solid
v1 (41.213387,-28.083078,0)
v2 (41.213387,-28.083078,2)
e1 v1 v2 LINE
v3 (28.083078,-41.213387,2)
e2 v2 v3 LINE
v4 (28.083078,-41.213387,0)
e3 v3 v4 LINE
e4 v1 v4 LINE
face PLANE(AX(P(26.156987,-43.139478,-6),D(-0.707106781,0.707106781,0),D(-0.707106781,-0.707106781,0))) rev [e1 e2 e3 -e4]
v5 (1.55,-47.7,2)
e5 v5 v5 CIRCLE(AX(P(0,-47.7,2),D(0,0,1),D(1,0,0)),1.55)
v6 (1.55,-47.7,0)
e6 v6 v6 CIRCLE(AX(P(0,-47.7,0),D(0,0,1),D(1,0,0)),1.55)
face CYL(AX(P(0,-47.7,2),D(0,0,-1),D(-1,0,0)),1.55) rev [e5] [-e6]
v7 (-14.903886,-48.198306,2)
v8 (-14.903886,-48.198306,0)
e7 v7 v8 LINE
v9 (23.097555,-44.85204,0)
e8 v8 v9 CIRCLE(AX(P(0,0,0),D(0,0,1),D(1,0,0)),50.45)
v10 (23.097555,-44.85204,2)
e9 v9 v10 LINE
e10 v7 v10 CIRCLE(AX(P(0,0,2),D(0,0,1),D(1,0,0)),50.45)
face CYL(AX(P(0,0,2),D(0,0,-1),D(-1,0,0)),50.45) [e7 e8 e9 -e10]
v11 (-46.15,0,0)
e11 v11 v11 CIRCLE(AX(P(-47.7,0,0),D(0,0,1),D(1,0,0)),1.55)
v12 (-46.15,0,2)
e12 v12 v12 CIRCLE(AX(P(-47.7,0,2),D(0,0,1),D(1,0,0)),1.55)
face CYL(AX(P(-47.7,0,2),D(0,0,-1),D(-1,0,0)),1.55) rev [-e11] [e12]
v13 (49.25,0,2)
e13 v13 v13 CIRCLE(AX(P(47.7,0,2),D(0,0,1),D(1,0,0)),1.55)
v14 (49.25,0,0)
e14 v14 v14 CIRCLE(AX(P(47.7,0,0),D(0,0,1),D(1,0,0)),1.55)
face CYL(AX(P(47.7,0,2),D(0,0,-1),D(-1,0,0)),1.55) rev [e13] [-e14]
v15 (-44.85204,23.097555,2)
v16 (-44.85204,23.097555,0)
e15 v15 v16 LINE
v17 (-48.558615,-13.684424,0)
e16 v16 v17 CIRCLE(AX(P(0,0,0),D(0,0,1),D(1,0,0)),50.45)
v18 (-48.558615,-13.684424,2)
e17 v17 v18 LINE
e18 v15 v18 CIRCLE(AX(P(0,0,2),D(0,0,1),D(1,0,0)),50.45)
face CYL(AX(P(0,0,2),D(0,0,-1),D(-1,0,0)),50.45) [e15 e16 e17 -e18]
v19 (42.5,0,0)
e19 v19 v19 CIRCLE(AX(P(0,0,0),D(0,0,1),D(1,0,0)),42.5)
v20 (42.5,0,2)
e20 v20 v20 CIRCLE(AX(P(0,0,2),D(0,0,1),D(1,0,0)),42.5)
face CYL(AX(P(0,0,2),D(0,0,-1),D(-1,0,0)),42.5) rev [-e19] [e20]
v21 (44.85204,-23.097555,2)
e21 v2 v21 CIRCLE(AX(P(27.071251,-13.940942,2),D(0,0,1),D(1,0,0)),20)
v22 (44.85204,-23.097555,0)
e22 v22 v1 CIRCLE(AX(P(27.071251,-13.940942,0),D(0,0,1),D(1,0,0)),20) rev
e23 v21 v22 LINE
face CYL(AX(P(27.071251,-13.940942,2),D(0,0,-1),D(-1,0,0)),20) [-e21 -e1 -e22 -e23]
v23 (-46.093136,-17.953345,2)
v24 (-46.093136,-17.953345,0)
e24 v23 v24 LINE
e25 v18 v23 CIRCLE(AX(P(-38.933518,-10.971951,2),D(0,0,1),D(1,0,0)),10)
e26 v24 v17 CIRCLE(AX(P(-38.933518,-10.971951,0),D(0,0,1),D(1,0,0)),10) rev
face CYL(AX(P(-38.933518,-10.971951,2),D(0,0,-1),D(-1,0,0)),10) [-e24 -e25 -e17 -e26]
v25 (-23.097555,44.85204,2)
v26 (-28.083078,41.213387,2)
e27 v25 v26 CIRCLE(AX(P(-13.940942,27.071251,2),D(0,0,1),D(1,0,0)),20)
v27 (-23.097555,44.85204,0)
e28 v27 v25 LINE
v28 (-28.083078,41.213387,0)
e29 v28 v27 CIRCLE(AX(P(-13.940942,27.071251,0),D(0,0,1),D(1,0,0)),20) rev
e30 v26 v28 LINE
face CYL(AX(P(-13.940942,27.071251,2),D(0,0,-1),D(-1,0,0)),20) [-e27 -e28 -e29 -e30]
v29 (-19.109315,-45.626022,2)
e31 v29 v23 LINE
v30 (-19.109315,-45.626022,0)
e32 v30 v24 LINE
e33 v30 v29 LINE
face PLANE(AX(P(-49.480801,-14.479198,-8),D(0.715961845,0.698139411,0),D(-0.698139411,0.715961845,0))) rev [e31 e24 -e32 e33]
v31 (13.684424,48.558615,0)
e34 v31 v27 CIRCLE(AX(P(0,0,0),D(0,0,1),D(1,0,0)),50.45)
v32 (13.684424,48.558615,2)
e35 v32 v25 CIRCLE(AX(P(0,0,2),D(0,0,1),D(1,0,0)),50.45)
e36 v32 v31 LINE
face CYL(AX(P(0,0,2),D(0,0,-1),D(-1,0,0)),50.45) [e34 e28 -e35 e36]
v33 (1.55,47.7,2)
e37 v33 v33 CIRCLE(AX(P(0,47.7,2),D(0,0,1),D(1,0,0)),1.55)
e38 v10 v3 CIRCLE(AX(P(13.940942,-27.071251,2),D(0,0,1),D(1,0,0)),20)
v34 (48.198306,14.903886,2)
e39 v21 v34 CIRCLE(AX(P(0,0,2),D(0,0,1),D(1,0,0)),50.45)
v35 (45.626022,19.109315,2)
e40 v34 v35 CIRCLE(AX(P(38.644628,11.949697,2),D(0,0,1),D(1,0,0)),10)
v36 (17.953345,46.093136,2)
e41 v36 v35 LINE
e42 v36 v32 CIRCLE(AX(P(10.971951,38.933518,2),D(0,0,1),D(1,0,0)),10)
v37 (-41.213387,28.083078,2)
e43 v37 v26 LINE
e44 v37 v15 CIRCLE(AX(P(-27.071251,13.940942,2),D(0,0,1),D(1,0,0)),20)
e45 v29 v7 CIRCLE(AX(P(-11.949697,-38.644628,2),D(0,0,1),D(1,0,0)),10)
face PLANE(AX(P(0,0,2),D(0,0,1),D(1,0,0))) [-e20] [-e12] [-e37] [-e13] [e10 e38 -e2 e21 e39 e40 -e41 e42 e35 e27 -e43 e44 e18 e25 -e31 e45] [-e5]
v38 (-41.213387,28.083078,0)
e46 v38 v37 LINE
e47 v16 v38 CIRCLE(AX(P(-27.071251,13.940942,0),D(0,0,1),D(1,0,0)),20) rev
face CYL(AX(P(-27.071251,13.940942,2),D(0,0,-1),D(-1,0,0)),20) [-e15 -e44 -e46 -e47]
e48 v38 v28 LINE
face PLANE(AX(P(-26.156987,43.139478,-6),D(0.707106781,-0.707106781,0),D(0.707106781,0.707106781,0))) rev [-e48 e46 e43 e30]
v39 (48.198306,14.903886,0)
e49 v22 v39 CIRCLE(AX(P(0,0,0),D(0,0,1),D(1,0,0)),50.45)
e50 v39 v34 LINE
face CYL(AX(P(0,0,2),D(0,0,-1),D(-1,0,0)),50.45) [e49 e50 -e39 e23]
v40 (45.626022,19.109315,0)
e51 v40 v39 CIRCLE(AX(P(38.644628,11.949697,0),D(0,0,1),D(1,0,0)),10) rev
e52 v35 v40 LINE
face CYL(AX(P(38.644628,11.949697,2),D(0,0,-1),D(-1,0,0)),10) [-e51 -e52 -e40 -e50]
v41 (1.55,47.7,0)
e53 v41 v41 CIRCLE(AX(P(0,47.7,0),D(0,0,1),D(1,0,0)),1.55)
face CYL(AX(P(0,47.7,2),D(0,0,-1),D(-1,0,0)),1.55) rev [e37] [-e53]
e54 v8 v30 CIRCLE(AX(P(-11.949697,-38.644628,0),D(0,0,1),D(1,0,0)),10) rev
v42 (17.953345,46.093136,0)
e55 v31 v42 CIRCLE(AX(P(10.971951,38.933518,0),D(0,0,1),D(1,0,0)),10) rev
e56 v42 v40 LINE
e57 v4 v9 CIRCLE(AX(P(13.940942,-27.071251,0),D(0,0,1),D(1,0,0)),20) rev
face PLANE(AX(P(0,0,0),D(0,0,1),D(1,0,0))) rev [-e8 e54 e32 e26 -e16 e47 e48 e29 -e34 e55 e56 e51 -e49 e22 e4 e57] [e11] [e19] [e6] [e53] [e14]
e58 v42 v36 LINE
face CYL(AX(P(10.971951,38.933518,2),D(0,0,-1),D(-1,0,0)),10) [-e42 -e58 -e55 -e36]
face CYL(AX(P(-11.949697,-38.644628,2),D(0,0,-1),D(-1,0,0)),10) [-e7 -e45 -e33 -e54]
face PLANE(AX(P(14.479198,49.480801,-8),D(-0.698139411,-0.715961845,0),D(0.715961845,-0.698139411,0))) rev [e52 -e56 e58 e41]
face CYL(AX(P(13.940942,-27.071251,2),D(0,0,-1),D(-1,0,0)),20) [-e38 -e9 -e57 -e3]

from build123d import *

# Parameters (mm, degrees)
SKETCH_1_R          = 50.45
SKETCH_1_R_2        = 1.55
SKETCH_1_R_3        = 42.5
EXTRUDE_1_DEPTH     = 2
CUT_EXTRUDE_START   = -8
CUT_EXTRUDE_1_DEPTH = 8
FILLET_1_R          = 20
CUT_EXTRUDE_2_DEPTH = 10
CUT_EXTRUDE_3_DEPTH = 10
FILLET_2_R          = 10


with BuildPart() as part:
    # 草图1 → 凸台-拉伸1 (new body)
    with BuildSketch(Plane.XY):
        Circle(SKETCH_1_R)
        with Locations((0, 47.7)):
            Circle(SKETCH_1_R_2, mode=Mode.SUBTRACT)
        with Locations((47.7, 0)):
            Circle(SKETCH_1_R_2, mode=Mode.SUBTRACT)
        with Locations((0, -47.7)):
            Circle(SKETCH_1_R_2, mode=Mode.SUBTRACT)
        with Locations((-47.7, 0)):
            Circle(SKETCH_1_R_2, mode=Mode.SUBTRACT)
        Circle(SKETCH_1_R_3, mode=Mode.SUBTRACT)
    extrude(amount=EXTRUDE_1_DEPTH)

    # 草图2 → 切除-拉伸1 (cut)
    with BuildSketch(Plane.XY.offset(2).offset(CUT_EXTRUDE_START)):
        with BuildLine():
            Line((-26.156986786, 43.13947777), (-43.13947777, 26.156986786))
            ThreePointArc((-43.13947777, 26.156986786), (-35.673537111, 35.673537111), (-26.156986786, 43.13947777))
        make_face()
        with BuildLine():
            Line((43.13947777, 26.156986786), (26.156986786, 43.13947777))
            ThreePointArc((26.156986786, 43.13947777), (35.673537111, 35.673537111), (43.13947777, 26.156986786))
        make_face()
        with BuildLine():
            Line((26.156986786, -43.13947777), (43.13947777, -26.156986786))
            ThreePointArc((43.13947777, -26.156986786), (35.673537111, -35.673537111), (26.156986786, -43.13947777))
        make_face()
        with BuildLine():
            Line((-43.13947777, -26.156986786), (-26.156986786, -43.13947777))
            ThreePointArc((-26.156986786, -43.13947777), (-35.673537111, -35.673537111), (-43.13947777, -26.156986786))
        make_face()
    extrude(amount=CUT_EXTRUDE_1_DEPTH, mode=Mode.SUBTRACT)

    # 圆角1
    fillet_1_edges = [part.edges().sort_by_distance(p)[0] for p in [
        (-26.156986786, 43.13947777, 1),
        (-43.13947777, 26.156986786, 1),
        (43.13947777, 26.156986786, 1),
        (26.156986786, 43.13947777, 1),
        (26.156986786, -43.13947777, 1),
        (43.13947777, -26.156986786, 1),
        (-43.13947777, -26.156986786, 1),
        (-26.156986786, -43.13947777, 1),
    ]]
    fillet(fillet_1_edges, radius=FILLET_1_R)

    # 草图4 → 切除-拉伸2 (cut)
    with BuildSketch(Plane.XY.offset(2)):
        Polygon((-18.704164587, -51.054840678), (-51.986667617, -16.922686111), (-49.480801159, -14.479198174), (-16.19829813, -48.611352741), align=None)
        Polygon((48.611352741, 16.19829813), (51.054840678, 18.704164587), (16.922686111, 51.986667617), (14.479198174, 49.480801159), align=None)
    extrude(amount=-CUT_EXTRUDE_2_DEPTH, mode=Mode.SUBTRACT)


with BuildPart() as cut_extrude_2_piece_1:
    # of the separate pieces the step leaves, piece 1, a body of its own (cut_extrude_2_pieces)
    add(part.part.solids().sort_by_distance((44.852039635, -23.097554862, 0))[0])

    # 圆角2
    fillet_2_edges = [cut_extrude_2_piece_1.edges().sort_by_distance(p)[0] for p in [
        (-17.437312859, -47.340707855, 1),
        (47.340707855, 17.437312859, 1),
        (16.238659163, 47.765138423, 1),
        (-47.765138423, -16.238659163, 1),
    ]]
    fillet(fillet_2_edges, radius=FILLET_2_R)


with BuildPart() as cut_extrude_2_piece_2:
    # of the separate pieces the step leaves, piece 2, a body of its own (cut_extrude_2_pieces)
    add(part.part.solids().sort_by_distance((-36.822783654, -32.473680902, 0))[0])


with BuildPart() as cut_extrude_2_piece_3:
    # of the separate pieces the step leaves, piece 3, a body of its own (cut_extrude_2_pieces)
    add(part.part.solids().sort_by_distance((32.473680902, 36.822783654, 0))[0])


with BuildPart() as cut_extrude_3_tool:
    # 草图5 → 切除-拉伸3 (new body)
    with BuildSketch(Plane.XY.offset(2)):
        with BuildLine():
            Line((-36.822783654, -32.473680902), (-42.579696276, -26.569803082))
            ThreePointArc((-42.579696276, -26.569803082), (-41.915837064, -27.343862298), (-41.213386503, -28.083078053))
            Line((-41.213386503, -28.083078053), (-36.822783654, -32.473680902))
        make_face()
        with BuildLine():
            Line((26.569803082, 42.579696276), (32.473680902, 36.822783654))
            Line((32.473680902, 36.822783654), (28.083078053, 41.213386503))
            ThreePointArc((28.083078053, 41.213386503), (27.343862298, 41.915837064), (26.569803082, 42.579696276))
        make_face()
    extrude(amount=-CUT_EXTRUDE_3_DEPTH)


with BuildPart() as cut_extrude_2_piece_2_1:
    add(cut_extrude_2_piece_2.part)

    # 切除-拉伸3: cut by cut_extrude_3_tool
    add(cut_extrude_3_tool.part, mode=Mode.SUBTRACT)


with BuildPart() as cut_extrude_2_piece_3_1:
    add(cut_extrude_2_piece_3.part)

    # 切除-拉伸3: cut by cut_extrude_3_tool
    add(cut_extrude_3_tool.part, mode=Mode.SUBTRACT)


solid = cut_extrude_2_piece_1.part
